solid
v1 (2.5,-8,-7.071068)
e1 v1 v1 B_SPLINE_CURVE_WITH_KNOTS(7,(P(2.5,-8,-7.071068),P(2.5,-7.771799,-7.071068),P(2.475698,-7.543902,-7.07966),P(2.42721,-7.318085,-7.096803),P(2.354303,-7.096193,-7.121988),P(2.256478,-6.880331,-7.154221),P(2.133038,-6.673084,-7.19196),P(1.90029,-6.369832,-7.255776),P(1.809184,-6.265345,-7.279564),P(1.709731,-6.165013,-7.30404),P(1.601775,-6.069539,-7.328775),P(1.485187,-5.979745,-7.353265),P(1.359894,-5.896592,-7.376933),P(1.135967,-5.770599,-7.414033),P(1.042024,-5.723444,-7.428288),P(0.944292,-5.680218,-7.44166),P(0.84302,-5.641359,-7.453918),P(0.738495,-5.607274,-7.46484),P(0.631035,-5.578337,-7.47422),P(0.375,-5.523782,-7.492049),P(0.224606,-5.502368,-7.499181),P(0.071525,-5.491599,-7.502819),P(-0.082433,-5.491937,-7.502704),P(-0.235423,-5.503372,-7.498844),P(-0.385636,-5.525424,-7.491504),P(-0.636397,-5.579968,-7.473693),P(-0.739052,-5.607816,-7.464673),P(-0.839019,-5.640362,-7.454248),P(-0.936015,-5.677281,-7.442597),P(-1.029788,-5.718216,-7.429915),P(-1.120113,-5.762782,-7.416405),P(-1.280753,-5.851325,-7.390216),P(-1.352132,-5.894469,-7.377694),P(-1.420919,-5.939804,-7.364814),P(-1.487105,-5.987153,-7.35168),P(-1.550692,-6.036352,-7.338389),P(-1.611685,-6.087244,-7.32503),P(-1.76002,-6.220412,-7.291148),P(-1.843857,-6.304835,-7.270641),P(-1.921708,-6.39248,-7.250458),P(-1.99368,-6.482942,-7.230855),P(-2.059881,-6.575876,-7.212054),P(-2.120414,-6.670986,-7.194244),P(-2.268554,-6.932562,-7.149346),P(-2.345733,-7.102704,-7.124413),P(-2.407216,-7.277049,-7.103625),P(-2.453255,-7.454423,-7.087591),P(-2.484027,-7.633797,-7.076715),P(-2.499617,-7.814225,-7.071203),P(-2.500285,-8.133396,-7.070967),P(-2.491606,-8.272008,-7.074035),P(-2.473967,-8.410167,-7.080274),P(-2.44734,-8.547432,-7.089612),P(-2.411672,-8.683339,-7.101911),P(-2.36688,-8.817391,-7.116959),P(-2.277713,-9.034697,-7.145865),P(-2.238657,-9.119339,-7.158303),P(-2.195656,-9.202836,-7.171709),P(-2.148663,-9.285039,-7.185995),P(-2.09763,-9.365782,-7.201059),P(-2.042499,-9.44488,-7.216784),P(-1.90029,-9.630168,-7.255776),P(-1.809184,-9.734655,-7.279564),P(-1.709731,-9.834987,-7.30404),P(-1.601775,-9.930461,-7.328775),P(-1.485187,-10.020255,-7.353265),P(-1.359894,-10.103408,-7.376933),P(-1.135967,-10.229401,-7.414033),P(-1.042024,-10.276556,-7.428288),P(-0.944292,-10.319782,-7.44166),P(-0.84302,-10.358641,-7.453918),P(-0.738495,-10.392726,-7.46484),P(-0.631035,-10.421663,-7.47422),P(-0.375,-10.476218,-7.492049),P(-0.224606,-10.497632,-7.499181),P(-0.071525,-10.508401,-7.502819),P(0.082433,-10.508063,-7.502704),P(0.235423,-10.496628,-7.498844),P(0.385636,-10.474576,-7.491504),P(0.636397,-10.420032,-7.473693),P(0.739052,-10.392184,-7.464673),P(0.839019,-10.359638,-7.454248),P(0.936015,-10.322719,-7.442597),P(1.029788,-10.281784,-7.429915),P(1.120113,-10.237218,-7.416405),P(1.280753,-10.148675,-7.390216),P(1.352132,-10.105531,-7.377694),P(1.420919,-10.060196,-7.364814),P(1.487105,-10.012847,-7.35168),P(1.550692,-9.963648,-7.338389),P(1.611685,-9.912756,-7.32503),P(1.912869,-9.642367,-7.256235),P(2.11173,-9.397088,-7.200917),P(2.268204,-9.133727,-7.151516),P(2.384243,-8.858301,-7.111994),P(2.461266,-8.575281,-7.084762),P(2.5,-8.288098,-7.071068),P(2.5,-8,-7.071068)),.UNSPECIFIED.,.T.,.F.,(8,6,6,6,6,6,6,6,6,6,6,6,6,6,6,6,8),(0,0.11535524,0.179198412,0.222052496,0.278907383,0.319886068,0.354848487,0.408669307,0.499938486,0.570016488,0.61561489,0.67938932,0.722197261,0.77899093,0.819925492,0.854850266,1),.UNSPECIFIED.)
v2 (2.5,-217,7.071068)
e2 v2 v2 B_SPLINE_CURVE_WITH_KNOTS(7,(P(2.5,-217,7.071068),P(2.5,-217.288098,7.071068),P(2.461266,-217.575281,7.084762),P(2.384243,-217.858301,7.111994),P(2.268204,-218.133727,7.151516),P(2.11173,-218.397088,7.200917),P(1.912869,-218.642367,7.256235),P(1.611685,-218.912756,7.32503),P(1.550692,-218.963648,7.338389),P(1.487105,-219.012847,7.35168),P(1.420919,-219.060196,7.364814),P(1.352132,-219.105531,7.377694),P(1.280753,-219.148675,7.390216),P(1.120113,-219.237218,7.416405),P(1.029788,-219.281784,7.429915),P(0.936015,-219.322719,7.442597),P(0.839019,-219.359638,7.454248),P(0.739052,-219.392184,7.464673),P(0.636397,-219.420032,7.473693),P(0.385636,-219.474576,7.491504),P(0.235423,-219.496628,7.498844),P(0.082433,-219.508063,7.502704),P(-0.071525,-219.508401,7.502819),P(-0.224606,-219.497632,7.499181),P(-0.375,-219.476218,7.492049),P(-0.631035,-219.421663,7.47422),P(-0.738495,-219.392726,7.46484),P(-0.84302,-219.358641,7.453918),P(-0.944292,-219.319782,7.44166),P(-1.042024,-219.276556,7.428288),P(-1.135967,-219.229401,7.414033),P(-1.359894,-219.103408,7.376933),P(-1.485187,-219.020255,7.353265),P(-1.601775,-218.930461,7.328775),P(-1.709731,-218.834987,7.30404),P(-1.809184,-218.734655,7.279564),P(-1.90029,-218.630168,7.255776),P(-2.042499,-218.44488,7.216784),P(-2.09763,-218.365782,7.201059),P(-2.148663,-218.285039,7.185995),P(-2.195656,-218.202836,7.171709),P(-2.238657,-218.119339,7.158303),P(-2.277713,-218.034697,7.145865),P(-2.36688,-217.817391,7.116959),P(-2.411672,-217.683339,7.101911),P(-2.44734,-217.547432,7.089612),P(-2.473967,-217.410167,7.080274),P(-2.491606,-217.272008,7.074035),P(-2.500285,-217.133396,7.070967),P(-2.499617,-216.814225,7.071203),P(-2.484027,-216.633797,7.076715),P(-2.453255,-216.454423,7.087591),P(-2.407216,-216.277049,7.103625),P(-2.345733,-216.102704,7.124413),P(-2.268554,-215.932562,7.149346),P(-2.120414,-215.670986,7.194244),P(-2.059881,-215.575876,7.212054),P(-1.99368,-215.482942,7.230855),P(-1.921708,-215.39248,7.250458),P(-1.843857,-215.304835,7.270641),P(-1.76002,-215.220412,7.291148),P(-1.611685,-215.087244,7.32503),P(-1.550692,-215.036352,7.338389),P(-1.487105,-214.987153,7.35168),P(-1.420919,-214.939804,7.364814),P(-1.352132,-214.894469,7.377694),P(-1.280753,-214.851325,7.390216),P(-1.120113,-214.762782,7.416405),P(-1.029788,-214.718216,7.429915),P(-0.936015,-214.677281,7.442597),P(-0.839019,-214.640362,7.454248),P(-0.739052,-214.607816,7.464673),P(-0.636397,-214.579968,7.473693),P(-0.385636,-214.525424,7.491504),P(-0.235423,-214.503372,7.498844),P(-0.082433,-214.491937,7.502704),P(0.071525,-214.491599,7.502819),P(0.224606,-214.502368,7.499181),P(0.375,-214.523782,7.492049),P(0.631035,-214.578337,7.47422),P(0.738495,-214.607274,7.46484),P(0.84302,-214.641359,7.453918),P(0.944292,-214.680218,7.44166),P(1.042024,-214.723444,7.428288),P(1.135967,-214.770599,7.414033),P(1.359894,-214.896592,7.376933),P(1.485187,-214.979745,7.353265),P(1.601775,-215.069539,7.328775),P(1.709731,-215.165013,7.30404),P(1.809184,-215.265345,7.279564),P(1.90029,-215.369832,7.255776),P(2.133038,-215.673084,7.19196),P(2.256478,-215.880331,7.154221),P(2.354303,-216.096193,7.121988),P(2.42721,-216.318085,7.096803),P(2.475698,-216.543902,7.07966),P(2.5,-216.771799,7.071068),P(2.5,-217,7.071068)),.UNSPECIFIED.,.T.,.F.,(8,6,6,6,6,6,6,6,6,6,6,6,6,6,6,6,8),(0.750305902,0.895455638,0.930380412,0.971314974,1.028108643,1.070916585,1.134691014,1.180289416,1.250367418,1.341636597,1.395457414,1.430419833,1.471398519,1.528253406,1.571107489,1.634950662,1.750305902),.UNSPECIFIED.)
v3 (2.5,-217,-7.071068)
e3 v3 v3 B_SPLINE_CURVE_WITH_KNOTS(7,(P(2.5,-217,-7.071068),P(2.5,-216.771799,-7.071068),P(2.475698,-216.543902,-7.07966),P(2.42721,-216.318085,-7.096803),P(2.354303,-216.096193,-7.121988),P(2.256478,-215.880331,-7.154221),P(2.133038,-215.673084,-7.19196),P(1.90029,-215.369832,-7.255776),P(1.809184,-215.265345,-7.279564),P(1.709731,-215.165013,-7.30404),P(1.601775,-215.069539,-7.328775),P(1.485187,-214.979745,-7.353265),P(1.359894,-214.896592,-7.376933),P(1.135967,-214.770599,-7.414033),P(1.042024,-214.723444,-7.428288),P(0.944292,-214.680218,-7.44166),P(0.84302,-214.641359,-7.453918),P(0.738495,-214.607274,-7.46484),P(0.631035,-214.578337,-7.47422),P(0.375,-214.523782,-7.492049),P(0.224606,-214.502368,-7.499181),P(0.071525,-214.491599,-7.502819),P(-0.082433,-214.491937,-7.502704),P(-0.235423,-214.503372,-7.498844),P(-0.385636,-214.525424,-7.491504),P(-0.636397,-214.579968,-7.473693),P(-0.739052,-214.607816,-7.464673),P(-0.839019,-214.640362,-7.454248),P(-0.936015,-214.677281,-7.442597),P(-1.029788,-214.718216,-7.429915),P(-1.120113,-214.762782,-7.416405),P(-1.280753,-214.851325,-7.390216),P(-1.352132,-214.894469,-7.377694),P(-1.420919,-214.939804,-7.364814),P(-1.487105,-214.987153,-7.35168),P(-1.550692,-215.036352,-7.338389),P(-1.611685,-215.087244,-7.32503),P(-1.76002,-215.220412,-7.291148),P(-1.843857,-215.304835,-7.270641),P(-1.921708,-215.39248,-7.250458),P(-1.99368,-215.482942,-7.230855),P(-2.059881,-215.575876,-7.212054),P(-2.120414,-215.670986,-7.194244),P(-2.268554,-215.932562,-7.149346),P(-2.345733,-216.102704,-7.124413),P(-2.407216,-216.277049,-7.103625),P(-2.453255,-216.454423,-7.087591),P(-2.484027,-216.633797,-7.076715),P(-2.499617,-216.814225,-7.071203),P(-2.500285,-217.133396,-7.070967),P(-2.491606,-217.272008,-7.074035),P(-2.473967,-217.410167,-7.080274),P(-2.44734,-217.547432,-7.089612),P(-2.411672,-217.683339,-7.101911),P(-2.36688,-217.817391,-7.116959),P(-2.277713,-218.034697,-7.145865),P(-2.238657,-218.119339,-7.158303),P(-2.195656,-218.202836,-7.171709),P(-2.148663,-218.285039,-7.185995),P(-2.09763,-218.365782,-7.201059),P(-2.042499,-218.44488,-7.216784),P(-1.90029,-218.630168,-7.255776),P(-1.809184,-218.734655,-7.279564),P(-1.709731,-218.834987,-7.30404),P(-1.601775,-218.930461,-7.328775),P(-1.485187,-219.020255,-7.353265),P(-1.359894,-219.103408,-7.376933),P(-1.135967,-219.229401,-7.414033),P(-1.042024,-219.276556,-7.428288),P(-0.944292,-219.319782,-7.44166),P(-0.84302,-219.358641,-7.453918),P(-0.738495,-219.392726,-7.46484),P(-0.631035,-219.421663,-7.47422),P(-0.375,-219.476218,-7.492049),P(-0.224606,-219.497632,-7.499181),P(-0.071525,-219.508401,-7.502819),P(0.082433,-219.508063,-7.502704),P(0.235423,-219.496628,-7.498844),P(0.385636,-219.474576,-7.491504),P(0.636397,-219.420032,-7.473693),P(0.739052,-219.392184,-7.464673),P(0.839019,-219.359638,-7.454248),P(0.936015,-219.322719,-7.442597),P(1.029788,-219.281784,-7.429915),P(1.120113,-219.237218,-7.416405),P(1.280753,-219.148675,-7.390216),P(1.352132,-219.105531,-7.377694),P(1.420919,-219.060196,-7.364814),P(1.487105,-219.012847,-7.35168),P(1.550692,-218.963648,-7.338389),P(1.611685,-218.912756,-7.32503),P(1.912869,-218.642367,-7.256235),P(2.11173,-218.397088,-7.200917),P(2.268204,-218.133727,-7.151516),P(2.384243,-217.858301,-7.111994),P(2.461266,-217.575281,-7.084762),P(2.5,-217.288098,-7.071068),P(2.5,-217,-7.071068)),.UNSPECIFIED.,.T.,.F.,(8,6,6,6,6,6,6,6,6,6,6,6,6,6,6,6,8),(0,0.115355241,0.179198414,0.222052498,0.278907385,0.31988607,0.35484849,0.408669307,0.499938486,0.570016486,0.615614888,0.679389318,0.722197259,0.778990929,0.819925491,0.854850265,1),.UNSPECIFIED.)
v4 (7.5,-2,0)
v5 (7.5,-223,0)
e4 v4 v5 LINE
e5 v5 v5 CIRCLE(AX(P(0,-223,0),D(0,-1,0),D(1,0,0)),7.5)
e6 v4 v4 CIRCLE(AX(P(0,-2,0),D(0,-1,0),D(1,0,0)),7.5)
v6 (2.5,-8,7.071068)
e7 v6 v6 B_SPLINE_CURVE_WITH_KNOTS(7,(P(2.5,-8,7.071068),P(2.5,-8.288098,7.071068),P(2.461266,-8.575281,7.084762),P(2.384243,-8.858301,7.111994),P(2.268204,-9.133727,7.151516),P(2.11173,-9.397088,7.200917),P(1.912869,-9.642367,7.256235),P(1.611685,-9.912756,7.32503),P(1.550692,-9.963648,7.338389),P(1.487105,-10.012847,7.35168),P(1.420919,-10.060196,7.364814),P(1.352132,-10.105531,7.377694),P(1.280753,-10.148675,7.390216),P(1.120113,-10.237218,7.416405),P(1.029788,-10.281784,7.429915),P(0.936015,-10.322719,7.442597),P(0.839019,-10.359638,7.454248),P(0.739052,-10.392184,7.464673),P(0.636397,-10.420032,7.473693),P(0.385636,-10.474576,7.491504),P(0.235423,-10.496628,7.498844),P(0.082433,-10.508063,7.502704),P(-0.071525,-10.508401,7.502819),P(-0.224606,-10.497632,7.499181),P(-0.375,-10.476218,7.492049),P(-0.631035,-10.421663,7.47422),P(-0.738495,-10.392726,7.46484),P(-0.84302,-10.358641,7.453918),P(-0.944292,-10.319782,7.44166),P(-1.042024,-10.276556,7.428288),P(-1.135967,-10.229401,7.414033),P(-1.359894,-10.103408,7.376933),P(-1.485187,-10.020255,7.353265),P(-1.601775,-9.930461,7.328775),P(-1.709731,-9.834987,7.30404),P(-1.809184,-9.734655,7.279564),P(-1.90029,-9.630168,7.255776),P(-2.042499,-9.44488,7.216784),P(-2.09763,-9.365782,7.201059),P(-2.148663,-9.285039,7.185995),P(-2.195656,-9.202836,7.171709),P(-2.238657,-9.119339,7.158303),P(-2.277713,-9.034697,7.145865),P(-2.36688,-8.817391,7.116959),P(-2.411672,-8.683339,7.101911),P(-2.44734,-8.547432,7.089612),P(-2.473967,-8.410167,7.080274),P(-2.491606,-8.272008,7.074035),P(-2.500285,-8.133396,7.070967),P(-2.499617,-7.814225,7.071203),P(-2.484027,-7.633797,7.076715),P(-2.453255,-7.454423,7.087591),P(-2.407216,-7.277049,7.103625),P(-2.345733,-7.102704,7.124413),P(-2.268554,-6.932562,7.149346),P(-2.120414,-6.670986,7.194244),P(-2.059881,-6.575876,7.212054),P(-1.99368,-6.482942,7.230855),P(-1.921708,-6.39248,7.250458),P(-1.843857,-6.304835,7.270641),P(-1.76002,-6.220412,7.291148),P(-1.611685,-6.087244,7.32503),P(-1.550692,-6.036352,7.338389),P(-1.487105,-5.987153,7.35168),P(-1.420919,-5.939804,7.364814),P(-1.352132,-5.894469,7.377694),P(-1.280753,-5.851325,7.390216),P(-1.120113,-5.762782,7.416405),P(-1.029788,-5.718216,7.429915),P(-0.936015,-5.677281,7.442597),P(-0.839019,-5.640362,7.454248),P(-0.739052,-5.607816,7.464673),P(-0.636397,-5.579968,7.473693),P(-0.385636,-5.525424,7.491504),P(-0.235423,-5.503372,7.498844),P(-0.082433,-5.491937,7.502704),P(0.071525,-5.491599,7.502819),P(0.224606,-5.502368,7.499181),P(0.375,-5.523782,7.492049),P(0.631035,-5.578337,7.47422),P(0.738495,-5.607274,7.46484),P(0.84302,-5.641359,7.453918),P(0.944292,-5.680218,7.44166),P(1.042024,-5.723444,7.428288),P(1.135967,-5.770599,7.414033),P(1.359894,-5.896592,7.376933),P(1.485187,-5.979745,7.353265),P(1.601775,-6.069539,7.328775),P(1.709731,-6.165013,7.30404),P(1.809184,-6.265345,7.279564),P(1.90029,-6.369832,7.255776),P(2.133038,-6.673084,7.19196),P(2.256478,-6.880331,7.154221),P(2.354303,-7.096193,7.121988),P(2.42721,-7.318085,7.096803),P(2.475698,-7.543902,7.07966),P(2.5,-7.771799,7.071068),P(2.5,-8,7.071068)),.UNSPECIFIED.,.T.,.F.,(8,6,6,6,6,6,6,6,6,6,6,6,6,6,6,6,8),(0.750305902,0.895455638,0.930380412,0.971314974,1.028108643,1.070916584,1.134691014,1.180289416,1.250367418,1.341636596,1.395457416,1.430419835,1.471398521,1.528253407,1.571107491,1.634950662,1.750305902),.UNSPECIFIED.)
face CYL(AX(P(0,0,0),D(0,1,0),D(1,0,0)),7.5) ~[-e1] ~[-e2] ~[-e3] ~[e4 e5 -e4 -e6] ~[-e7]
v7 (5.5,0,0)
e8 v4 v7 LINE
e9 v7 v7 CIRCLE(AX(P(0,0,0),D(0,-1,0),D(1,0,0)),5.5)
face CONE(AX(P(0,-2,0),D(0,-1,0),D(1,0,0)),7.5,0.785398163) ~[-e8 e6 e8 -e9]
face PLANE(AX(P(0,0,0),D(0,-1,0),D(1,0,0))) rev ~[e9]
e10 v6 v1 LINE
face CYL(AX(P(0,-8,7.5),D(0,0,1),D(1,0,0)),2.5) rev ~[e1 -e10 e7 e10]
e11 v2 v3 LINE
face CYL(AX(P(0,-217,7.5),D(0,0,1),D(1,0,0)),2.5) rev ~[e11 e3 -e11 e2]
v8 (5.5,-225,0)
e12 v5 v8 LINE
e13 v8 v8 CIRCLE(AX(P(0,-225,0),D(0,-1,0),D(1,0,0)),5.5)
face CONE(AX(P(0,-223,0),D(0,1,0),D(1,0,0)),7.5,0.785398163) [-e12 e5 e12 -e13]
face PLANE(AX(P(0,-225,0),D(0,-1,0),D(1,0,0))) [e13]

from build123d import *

# Parameters (mm, degrees)
F0_R     = 7.5
F1_DEPTH = 225
F3_R     = 2.5
F4_DEPTH = 15.001
F5_SIZE  = 2
F6_SIZE  = 2


with BuildPart() as f1:
    # F0 (on Front) → F1 (new body)
    with BuildSketch(Plane.XZ):
        Circle(F0_R)
    extrude(amount=F1_DEPTH)

    # F3 (on offset) → F4 (cut, through all)
    with BuildSketch(Plane.XY.offset(7.5)):
        with Locations((0, -8)):
            Circle(F3_R)
        with Locations((0, -217)):
            Circle(F3_R)
    extrude(amount=-F4_DEPTH, mode=Mode.SUBTRACT)

    # F5
    f5_edges = [f1.edges().sort_by_distance(p)[0] for p in [
        (-7.5, -225, 0),
    ]]
    chamfer(f5_edges, length=F5_SIZE)

    # F6
    f6_edges = [f1.edges().sort_by_distance(p)[0] for p in [
        (-7.5, 0, 0),
    ]]
    chamfer(f6_edges, length=F6_SIZE)


solid = f1.part
